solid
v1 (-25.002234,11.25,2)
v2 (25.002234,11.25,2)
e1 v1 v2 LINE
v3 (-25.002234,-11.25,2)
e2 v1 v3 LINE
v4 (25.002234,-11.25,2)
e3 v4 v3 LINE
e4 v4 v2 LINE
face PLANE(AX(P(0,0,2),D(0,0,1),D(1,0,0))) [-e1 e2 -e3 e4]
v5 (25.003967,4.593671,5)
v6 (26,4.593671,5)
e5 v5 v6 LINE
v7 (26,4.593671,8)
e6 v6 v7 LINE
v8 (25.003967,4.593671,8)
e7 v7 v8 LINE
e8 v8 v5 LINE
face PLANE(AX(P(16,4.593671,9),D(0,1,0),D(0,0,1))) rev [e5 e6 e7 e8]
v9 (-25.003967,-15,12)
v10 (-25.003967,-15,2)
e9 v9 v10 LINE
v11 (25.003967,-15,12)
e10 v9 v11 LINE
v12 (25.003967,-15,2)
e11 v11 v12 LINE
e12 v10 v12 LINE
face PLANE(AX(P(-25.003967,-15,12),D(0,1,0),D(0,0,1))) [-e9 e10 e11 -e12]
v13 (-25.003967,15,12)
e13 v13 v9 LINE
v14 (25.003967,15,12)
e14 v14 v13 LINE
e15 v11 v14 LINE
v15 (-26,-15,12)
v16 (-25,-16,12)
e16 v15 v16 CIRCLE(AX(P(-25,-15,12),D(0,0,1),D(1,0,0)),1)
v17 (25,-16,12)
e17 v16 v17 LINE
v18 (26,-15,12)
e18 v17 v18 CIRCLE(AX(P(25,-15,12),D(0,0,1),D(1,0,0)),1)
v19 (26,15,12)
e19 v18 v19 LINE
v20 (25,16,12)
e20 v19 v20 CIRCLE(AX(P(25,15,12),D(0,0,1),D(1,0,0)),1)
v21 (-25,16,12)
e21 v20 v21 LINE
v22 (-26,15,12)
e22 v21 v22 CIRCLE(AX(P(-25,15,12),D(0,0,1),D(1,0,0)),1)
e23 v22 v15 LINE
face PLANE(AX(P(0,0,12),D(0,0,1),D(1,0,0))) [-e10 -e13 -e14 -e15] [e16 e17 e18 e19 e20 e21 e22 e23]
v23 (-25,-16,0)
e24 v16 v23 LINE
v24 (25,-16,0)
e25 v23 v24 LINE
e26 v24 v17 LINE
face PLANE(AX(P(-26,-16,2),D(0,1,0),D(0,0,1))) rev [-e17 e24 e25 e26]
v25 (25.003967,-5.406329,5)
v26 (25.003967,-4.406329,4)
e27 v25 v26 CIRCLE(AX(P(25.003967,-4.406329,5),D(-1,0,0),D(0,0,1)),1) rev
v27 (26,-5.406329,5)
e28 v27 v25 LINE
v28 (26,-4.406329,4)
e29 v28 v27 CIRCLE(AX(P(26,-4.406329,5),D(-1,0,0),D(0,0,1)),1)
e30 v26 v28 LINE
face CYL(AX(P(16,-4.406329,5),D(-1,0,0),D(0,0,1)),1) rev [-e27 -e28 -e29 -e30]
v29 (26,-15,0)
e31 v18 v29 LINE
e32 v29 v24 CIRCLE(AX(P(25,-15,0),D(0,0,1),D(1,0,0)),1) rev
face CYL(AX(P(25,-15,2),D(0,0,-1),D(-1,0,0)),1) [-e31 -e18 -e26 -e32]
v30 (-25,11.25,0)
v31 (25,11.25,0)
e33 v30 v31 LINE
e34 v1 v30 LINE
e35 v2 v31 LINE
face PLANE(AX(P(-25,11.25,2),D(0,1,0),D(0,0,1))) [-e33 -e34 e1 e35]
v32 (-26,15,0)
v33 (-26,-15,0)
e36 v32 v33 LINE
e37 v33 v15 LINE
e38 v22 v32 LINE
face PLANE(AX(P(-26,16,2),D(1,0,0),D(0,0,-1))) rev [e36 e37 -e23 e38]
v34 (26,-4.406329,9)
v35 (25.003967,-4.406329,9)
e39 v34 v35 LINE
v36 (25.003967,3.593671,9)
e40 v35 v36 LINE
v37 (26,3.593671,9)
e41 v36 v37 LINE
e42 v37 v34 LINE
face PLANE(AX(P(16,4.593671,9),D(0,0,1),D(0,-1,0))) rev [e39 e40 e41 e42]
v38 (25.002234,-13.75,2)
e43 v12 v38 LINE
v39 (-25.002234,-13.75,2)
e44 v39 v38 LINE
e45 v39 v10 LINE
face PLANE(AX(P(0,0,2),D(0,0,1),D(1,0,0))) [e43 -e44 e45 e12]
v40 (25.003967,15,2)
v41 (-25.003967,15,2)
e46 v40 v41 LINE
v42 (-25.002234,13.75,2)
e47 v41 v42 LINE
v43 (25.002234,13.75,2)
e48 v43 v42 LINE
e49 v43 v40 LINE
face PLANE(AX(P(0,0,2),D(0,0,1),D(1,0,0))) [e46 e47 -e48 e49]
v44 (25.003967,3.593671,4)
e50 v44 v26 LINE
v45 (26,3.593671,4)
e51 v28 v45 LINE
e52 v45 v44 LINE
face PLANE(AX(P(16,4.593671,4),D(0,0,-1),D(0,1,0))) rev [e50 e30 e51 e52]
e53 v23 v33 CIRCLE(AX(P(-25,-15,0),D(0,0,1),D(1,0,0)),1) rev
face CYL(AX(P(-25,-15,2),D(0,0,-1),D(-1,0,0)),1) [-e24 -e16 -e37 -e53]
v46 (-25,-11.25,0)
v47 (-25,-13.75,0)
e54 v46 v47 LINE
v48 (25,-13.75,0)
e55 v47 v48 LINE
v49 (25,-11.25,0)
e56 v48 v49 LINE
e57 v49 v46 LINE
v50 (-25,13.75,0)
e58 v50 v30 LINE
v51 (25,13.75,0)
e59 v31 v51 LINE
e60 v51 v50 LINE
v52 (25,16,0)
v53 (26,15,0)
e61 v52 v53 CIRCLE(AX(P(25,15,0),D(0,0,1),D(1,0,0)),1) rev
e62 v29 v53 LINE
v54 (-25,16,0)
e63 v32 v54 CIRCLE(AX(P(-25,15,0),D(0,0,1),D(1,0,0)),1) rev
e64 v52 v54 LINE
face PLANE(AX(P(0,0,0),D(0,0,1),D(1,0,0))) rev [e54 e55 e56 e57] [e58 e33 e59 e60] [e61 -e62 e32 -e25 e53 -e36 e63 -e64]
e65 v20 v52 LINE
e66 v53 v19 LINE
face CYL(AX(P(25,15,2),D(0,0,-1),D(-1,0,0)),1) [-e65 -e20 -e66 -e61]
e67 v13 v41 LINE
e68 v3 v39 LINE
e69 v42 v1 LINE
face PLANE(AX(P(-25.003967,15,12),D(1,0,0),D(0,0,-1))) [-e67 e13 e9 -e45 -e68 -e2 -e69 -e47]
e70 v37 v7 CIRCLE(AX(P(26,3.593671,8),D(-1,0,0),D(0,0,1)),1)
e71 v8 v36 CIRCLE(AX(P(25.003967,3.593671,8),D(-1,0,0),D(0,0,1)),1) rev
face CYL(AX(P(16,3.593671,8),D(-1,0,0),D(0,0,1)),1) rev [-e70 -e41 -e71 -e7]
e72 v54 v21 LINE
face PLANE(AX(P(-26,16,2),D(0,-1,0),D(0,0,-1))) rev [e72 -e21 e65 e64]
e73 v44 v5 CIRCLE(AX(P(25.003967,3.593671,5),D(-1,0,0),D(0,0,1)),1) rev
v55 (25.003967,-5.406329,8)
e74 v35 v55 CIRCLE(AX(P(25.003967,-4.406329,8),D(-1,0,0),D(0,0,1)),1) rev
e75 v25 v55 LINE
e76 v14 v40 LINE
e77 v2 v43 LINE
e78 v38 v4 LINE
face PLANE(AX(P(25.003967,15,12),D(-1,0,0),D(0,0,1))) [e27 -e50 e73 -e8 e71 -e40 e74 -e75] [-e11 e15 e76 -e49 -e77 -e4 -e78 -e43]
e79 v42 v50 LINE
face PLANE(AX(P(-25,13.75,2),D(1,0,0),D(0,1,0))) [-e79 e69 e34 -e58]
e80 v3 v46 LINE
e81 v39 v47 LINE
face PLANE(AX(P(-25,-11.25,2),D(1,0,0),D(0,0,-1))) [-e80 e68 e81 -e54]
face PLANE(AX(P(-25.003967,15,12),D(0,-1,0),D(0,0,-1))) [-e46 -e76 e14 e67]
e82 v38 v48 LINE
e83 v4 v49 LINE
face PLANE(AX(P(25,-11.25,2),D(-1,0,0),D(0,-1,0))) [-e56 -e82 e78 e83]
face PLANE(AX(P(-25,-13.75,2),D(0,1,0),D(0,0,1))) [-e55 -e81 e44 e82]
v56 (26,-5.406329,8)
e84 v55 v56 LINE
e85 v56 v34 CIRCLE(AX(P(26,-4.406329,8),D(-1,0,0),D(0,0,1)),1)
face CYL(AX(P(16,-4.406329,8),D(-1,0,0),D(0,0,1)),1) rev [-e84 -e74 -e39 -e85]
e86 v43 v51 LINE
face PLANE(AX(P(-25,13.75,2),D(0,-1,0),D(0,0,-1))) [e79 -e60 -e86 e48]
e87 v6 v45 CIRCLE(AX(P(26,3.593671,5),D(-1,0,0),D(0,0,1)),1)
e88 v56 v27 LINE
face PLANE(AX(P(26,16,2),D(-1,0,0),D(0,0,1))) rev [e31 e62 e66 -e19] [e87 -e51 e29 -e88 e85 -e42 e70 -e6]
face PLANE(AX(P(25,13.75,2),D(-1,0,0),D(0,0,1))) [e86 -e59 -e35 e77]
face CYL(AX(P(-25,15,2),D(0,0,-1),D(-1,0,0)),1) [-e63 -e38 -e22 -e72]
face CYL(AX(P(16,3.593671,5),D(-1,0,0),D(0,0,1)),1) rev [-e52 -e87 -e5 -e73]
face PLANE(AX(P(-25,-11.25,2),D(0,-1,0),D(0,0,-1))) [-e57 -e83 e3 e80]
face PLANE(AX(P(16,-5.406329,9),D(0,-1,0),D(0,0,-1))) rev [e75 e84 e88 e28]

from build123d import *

# Parameters (mm, degrees)
SKETCH1_W           = 52
SKETCH1_H           = 32
SKETCH1_W_2         = 50
SKETCH1_H_2         = 2.5
BOSS_EXTRUDE1_DEPTH = 2
SKETCH2_W           = 52
SKETCH2_H           = 32
SKETCH2_W_2         = 50.00793432
SKETCH2_H_2         = 30
BOSS_EXTRUDE2_DEPTH = 10
SKETCH3_W           = 5
SKETCH3_H           = 10
CUT_EXTRUDE1_DEPTH  = 10
FILLET1_R           = 1
FILLET2_R           = 1
FILLET3_R           = 1
FILLET4_R           = 1
FILLET5_R           = 1
FILLET6_R           = 1
FILLET7_R           = 1
FILLET8_R           = 1


with BuildPart() as part:
    # Sketch1 → Boss-Extrude1 (new body)
    with BuildSketch(Plane.XY):
        Rectangle(SKETCH1_W, SKETCH1_H)
        with Locations((0, 12.5)):
            Rectangle(SKETCH1_W_2, SKETCH1_H_2, mode=Mode.SUBTRACT)
        with Locations((0, -12.5)):
            Rectangle(SKETCH1_W_2, SKETCH1_H_2, mode=Mode.SUBTRACT)
    extrude(amount=BOSS_EXTRUDE1_DEPTH)

    # Sketch2 → Boss-Extrude2 (add)
    with BuildSketch(Plane.XY.offset(2)):
        Rectangle(SKETCH2_W, SKETCH2_H)
        Rectangle(SKETCH2_W_2, SKETCH2_H_2, mode=Mode.SUBTRACT)
    extrude(amount=BOSS_EXTRUDE2_DEPTH)

    # Sketch3 → Cut-Extrude1 (cut)
    with BuildSketch(Plane(origin=(26, 0, 0), x_dir=(0, 0, -1), z_dir=(1, 0, 0))):
        with Locations((-6.5, -0.40632889)):
            Rectangle(SKETCH3_W, SKETCH3_H)
    extrude(amount=-CUT_EXTRUDE1_DEPTH, mode=Mode.SUBTRACT)

    # Fillet1
    fillet1_edges = [part.edges().sort_by_distance(p)[0] for p in [
        (26, 16, 6),
    ]]
    fillet(fillet1_edges, radius=FILLET1_R)

    # Fillet2
    fillet2_edges = [part.edges().sort_by_distance(p)[0] for p in [
        (26, -16, 6),
    ]]
    fillet(fillet2_edges, radius=FILLET2_R)

    # Fillet3
    fillet3_edges = [part.edges().sort_by_distance(p)[0] for p in [
        (-26, -16, 6),
    ]]
    fillet(fillet3_edges, radius=FILLET3_R)

    # Fillet4
    fillet4_edges = [part.edges().sort_by_distance(p)[0] for p in [
        (-26, 16, 6),
    ]]
    fillet(fillet4_edges, radius=FILLET4_R)

    # Fillet5
    fillet5_edges = [part.edges().sort_by_distance(p)[0] for p in [
        (25.50198358, 4.59367111, 4),
    ]]
    fillet(fillet5_edges, radius=FILLET5_R)

    # Fillet6
    fillet6_edges = [part.edges().sort_by_distance(p)[0] for p in [
        (25.50198358, -5.40632889, 4),
    ]]
    fillet(fillet6_edges, radius=FILLET6_R)

    # Fillet7
    fillet7_edges = [part.edges().sort_by_distance(p)[0] for p in [
        (25.50198358, -5.40632889, 9),
    ]]
    fillet(fillet7_edges, radius=FILLET7_R)

    # Fillet8
    fillet8_edges = [part.edges().sort_by_distance(p)[0] for p in [
        (25.50198358, 4.59367111, 9),
    ]]
    fillet(fillet8_edges, radius=FILLET8_R)


solid = part.part
